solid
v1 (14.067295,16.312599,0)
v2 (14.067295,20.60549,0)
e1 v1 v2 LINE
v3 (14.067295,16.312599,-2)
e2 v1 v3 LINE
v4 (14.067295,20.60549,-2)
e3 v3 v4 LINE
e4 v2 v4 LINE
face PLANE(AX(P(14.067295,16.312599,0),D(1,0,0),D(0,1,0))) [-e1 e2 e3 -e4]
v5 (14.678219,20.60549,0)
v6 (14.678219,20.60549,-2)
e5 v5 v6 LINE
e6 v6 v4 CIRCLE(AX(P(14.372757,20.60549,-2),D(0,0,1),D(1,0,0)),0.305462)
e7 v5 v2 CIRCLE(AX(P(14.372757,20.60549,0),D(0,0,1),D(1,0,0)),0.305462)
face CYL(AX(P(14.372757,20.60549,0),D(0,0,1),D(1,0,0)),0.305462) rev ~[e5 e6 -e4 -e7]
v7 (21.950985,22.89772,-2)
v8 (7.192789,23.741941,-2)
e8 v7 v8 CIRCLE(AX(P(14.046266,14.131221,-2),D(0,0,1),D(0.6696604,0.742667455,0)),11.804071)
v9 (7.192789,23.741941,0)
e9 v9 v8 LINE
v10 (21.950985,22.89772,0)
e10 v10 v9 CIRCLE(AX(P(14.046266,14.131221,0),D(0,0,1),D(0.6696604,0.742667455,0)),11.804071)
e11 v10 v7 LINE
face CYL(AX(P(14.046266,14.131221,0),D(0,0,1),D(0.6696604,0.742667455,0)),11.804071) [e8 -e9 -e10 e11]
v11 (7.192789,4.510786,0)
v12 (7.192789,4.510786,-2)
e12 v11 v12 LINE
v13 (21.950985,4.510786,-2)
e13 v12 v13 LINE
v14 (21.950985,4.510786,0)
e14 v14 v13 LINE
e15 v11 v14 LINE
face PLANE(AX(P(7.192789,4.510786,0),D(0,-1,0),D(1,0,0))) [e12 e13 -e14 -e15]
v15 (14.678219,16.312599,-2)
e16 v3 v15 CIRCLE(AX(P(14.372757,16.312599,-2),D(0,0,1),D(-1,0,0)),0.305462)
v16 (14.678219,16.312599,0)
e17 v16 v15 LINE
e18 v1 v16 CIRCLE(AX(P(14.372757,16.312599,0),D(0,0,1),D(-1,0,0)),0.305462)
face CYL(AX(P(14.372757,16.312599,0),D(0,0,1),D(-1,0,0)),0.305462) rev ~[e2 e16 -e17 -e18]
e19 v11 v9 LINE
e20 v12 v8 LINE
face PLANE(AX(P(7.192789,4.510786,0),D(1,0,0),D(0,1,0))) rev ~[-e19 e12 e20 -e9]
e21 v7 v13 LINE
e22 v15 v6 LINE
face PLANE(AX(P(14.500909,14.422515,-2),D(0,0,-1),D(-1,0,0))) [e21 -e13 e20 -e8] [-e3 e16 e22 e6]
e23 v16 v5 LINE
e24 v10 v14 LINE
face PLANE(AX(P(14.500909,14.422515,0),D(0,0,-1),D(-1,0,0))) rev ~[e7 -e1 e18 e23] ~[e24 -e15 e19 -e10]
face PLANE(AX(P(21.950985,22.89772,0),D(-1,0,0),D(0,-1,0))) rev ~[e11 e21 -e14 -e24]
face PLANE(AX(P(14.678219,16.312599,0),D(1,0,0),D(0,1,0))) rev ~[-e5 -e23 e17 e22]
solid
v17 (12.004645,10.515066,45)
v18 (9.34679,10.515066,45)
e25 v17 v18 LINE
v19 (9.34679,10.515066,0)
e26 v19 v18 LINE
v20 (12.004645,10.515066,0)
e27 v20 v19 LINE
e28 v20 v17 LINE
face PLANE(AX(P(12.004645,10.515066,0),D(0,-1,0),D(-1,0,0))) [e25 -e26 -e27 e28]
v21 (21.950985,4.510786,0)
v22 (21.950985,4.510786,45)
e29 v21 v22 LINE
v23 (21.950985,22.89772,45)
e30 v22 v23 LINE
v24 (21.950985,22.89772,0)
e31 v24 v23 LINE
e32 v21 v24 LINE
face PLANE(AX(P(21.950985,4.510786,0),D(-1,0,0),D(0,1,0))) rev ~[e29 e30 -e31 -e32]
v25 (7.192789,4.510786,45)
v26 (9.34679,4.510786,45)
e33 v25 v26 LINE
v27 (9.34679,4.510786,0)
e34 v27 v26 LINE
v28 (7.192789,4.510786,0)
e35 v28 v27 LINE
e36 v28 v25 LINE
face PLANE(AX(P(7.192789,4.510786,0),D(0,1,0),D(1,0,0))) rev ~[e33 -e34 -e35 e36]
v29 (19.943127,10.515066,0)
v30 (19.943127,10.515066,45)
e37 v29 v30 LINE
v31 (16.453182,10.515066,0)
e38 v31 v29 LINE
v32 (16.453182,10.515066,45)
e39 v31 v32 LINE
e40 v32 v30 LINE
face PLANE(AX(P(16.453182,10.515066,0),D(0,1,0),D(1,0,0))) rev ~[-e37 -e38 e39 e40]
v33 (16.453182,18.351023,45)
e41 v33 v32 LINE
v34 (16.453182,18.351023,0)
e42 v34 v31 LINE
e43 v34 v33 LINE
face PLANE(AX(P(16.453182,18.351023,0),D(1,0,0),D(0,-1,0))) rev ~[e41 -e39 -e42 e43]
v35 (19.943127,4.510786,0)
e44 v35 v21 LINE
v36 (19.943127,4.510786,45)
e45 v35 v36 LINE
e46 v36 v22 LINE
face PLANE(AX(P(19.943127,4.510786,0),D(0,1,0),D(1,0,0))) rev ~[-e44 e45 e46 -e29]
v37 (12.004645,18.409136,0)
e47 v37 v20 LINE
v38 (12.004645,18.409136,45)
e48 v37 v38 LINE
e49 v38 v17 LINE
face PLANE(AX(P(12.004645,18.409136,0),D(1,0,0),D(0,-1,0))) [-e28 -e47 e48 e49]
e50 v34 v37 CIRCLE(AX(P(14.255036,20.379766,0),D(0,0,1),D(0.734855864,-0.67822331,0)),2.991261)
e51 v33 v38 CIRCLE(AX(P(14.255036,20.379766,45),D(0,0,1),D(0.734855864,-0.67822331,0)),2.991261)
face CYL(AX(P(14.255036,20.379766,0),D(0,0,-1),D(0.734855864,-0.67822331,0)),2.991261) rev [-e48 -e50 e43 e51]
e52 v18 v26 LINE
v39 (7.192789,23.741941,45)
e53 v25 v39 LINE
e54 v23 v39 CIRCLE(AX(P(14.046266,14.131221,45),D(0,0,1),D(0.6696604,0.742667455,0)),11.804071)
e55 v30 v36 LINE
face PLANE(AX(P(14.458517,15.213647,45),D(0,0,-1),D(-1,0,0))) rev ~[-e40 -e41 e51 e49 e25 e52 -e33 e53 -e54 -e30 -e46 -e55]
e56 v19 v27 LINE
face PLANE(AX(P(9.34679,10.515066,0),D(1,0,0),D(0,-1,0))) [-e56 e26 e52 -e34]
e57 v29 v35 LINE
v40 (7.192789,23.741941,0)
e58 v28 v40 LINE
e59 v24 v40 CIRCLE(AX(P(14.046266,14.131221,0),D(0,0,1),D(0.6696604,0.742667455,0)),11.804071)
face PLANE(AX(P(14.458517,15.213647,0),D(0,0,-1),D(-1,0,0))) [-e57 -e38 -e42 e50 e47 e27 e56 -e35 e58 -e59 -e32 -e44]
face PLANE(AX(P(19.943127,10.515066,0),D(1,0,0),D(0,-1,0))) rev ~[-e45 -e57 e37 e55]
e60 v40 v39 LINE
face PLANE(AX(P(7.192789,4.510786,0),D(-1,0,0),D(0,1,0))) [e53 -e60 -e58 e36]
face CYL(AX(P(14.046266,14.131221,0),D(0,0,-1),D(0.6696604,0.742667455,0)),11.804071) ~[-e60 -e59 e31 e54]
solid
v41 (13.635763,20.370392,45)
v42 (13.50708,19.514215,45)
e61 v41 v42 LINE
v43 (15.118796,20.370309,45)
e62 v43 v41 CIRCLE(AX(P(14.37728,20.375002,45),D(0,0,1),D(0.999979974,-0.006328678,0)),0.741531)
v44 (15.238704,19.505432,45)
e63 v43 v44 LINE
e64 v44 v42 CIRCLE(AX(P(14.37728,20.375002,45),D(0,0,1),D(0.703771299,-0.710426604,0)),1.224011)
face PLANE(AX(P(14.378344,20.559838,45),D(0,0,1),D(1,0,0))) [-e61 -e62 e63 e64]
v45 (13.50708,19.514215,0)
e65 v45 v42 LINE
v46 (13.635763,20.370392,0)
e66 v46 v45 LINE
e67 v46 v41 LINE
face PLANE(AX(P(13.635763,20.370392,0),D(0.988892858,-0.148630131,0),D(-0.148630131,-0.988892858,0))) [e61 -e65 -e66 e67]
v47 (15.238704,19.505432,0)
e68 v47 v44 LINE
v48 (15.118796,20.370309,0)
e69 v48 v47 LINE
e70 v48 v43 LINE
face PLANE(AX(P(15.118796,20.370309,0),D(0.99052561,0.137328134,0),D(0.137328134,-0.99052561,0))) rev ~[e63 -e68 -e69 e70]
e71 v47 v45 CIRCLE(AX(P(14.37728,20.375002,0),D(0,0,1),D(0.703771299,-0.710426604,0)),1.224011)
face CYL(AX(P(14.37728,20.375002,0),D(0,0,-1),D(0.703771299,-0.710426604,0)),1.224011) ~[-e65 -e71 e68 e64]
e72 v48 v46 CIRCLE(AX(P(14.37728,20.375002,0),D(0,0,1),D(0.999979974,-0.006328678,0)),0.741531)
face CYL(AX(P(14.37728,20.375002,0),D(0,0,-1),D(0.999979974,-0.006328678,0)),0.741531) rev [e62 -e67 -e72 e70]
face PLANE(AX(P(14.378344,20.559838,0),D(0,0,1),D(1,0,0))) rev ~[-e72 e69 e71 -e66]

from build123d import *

# Parameters (mm, degrees)
PAD002_DEPTH = 45
PAD003_DEPTH = 45
PAD004_DEPTH = 2


with BuildPart() as outside:
    # Sketch002 → Pad002 (new body)
    with BuildSketch(Plane.XY):
        with BuildLine():
            Line((7.192789, 4.510786), (7.192789, 23.741941))
            ThreePointArc((21.950985, 22.89772), (14.720399, 25.916026), (7.192789, 23.741941))
            Line((21.950985, 4.510786), (21.950985, 22.89772))
            Line((19.943127, 4.510786), (21.950985, 4.510786))
            Line((19.943127, 10.515066), (19.943127, 4.510786))
            Line((16.453182, 10.515066), (19.943127, 10.515066))
            Line((16.453182, 18.351023), (16.453182, 10.515066))
            ThreePointArc((16.453182, 18.351023), (14.294109, 23.370772), (12.004645, 18.409136))
            Line((12.004645, 18.409136), (12.004645, 10.515066))
            Line((12.004645, 10.515066), (9.34679, 10.515066))
            Line((9.34679, 10.515066), (9.34679, 4.510786))
            Line((7.192789, 4.510786), (9.34679, 4.510786))
        make_face()
    extrude(amount=PAD002_DEPTH)


with BuildPart() as center:
    # Sketch003 → Pad003 (new body)
    with BuildSketch(Plane.XY):
        with BuildLine():
            ThreePointArc((15.238704, 19.505432), (14.383488, 21.598997), (13.50708, 19.514215))
            Line((13.635763, 20.370392), (13.50708, 19.514215))
            ThreePointArc((15.118796, 20.370309), (14.377322, 21.116533), (13.635763, 20.370392))
            Line((15.118796, 20.370309), (15.238704, 19.505432))
        make_face()
    extrude(amount=PAD003_DEPTH)


with BuildPart() as back:
    # Sketch004 → Pad004 (new body)
    with BuildSketch(Plane.XY):
        with BuildLine():
            Line((7.192789, 4.510786), (7.192789, 23.741941))
            ThreePointArc((21.950985, 22.89772), (14.720399, 25.916026), (7.192789, 23.741941))
            Line((21.950985, 22.89772), (21.950985, 4.510786))
            Line((7.192789, 4.510786), (21.950985, 4.510786))
        make_face()
        with BuildLine():
            ThreePointArc((14.067295, 16.312599), (14.372757, 16.007137), (14.678219, 16.312599))
            Line((14.678219, 16.312599), (14.678219, 20.60549))
            ThreePointArc((14.678219, 20.60549), (14.372757, 20.910952), (14.067295, 20.60549))
            Line((14.067295, 16.312599), (14.067295, 20.60549))
        make_face(mode=Mode.SUBTRACT)
    extrude(amount=-PAD004_DEPTH)


solid = Compound([outside.part, center.part, back.part])
